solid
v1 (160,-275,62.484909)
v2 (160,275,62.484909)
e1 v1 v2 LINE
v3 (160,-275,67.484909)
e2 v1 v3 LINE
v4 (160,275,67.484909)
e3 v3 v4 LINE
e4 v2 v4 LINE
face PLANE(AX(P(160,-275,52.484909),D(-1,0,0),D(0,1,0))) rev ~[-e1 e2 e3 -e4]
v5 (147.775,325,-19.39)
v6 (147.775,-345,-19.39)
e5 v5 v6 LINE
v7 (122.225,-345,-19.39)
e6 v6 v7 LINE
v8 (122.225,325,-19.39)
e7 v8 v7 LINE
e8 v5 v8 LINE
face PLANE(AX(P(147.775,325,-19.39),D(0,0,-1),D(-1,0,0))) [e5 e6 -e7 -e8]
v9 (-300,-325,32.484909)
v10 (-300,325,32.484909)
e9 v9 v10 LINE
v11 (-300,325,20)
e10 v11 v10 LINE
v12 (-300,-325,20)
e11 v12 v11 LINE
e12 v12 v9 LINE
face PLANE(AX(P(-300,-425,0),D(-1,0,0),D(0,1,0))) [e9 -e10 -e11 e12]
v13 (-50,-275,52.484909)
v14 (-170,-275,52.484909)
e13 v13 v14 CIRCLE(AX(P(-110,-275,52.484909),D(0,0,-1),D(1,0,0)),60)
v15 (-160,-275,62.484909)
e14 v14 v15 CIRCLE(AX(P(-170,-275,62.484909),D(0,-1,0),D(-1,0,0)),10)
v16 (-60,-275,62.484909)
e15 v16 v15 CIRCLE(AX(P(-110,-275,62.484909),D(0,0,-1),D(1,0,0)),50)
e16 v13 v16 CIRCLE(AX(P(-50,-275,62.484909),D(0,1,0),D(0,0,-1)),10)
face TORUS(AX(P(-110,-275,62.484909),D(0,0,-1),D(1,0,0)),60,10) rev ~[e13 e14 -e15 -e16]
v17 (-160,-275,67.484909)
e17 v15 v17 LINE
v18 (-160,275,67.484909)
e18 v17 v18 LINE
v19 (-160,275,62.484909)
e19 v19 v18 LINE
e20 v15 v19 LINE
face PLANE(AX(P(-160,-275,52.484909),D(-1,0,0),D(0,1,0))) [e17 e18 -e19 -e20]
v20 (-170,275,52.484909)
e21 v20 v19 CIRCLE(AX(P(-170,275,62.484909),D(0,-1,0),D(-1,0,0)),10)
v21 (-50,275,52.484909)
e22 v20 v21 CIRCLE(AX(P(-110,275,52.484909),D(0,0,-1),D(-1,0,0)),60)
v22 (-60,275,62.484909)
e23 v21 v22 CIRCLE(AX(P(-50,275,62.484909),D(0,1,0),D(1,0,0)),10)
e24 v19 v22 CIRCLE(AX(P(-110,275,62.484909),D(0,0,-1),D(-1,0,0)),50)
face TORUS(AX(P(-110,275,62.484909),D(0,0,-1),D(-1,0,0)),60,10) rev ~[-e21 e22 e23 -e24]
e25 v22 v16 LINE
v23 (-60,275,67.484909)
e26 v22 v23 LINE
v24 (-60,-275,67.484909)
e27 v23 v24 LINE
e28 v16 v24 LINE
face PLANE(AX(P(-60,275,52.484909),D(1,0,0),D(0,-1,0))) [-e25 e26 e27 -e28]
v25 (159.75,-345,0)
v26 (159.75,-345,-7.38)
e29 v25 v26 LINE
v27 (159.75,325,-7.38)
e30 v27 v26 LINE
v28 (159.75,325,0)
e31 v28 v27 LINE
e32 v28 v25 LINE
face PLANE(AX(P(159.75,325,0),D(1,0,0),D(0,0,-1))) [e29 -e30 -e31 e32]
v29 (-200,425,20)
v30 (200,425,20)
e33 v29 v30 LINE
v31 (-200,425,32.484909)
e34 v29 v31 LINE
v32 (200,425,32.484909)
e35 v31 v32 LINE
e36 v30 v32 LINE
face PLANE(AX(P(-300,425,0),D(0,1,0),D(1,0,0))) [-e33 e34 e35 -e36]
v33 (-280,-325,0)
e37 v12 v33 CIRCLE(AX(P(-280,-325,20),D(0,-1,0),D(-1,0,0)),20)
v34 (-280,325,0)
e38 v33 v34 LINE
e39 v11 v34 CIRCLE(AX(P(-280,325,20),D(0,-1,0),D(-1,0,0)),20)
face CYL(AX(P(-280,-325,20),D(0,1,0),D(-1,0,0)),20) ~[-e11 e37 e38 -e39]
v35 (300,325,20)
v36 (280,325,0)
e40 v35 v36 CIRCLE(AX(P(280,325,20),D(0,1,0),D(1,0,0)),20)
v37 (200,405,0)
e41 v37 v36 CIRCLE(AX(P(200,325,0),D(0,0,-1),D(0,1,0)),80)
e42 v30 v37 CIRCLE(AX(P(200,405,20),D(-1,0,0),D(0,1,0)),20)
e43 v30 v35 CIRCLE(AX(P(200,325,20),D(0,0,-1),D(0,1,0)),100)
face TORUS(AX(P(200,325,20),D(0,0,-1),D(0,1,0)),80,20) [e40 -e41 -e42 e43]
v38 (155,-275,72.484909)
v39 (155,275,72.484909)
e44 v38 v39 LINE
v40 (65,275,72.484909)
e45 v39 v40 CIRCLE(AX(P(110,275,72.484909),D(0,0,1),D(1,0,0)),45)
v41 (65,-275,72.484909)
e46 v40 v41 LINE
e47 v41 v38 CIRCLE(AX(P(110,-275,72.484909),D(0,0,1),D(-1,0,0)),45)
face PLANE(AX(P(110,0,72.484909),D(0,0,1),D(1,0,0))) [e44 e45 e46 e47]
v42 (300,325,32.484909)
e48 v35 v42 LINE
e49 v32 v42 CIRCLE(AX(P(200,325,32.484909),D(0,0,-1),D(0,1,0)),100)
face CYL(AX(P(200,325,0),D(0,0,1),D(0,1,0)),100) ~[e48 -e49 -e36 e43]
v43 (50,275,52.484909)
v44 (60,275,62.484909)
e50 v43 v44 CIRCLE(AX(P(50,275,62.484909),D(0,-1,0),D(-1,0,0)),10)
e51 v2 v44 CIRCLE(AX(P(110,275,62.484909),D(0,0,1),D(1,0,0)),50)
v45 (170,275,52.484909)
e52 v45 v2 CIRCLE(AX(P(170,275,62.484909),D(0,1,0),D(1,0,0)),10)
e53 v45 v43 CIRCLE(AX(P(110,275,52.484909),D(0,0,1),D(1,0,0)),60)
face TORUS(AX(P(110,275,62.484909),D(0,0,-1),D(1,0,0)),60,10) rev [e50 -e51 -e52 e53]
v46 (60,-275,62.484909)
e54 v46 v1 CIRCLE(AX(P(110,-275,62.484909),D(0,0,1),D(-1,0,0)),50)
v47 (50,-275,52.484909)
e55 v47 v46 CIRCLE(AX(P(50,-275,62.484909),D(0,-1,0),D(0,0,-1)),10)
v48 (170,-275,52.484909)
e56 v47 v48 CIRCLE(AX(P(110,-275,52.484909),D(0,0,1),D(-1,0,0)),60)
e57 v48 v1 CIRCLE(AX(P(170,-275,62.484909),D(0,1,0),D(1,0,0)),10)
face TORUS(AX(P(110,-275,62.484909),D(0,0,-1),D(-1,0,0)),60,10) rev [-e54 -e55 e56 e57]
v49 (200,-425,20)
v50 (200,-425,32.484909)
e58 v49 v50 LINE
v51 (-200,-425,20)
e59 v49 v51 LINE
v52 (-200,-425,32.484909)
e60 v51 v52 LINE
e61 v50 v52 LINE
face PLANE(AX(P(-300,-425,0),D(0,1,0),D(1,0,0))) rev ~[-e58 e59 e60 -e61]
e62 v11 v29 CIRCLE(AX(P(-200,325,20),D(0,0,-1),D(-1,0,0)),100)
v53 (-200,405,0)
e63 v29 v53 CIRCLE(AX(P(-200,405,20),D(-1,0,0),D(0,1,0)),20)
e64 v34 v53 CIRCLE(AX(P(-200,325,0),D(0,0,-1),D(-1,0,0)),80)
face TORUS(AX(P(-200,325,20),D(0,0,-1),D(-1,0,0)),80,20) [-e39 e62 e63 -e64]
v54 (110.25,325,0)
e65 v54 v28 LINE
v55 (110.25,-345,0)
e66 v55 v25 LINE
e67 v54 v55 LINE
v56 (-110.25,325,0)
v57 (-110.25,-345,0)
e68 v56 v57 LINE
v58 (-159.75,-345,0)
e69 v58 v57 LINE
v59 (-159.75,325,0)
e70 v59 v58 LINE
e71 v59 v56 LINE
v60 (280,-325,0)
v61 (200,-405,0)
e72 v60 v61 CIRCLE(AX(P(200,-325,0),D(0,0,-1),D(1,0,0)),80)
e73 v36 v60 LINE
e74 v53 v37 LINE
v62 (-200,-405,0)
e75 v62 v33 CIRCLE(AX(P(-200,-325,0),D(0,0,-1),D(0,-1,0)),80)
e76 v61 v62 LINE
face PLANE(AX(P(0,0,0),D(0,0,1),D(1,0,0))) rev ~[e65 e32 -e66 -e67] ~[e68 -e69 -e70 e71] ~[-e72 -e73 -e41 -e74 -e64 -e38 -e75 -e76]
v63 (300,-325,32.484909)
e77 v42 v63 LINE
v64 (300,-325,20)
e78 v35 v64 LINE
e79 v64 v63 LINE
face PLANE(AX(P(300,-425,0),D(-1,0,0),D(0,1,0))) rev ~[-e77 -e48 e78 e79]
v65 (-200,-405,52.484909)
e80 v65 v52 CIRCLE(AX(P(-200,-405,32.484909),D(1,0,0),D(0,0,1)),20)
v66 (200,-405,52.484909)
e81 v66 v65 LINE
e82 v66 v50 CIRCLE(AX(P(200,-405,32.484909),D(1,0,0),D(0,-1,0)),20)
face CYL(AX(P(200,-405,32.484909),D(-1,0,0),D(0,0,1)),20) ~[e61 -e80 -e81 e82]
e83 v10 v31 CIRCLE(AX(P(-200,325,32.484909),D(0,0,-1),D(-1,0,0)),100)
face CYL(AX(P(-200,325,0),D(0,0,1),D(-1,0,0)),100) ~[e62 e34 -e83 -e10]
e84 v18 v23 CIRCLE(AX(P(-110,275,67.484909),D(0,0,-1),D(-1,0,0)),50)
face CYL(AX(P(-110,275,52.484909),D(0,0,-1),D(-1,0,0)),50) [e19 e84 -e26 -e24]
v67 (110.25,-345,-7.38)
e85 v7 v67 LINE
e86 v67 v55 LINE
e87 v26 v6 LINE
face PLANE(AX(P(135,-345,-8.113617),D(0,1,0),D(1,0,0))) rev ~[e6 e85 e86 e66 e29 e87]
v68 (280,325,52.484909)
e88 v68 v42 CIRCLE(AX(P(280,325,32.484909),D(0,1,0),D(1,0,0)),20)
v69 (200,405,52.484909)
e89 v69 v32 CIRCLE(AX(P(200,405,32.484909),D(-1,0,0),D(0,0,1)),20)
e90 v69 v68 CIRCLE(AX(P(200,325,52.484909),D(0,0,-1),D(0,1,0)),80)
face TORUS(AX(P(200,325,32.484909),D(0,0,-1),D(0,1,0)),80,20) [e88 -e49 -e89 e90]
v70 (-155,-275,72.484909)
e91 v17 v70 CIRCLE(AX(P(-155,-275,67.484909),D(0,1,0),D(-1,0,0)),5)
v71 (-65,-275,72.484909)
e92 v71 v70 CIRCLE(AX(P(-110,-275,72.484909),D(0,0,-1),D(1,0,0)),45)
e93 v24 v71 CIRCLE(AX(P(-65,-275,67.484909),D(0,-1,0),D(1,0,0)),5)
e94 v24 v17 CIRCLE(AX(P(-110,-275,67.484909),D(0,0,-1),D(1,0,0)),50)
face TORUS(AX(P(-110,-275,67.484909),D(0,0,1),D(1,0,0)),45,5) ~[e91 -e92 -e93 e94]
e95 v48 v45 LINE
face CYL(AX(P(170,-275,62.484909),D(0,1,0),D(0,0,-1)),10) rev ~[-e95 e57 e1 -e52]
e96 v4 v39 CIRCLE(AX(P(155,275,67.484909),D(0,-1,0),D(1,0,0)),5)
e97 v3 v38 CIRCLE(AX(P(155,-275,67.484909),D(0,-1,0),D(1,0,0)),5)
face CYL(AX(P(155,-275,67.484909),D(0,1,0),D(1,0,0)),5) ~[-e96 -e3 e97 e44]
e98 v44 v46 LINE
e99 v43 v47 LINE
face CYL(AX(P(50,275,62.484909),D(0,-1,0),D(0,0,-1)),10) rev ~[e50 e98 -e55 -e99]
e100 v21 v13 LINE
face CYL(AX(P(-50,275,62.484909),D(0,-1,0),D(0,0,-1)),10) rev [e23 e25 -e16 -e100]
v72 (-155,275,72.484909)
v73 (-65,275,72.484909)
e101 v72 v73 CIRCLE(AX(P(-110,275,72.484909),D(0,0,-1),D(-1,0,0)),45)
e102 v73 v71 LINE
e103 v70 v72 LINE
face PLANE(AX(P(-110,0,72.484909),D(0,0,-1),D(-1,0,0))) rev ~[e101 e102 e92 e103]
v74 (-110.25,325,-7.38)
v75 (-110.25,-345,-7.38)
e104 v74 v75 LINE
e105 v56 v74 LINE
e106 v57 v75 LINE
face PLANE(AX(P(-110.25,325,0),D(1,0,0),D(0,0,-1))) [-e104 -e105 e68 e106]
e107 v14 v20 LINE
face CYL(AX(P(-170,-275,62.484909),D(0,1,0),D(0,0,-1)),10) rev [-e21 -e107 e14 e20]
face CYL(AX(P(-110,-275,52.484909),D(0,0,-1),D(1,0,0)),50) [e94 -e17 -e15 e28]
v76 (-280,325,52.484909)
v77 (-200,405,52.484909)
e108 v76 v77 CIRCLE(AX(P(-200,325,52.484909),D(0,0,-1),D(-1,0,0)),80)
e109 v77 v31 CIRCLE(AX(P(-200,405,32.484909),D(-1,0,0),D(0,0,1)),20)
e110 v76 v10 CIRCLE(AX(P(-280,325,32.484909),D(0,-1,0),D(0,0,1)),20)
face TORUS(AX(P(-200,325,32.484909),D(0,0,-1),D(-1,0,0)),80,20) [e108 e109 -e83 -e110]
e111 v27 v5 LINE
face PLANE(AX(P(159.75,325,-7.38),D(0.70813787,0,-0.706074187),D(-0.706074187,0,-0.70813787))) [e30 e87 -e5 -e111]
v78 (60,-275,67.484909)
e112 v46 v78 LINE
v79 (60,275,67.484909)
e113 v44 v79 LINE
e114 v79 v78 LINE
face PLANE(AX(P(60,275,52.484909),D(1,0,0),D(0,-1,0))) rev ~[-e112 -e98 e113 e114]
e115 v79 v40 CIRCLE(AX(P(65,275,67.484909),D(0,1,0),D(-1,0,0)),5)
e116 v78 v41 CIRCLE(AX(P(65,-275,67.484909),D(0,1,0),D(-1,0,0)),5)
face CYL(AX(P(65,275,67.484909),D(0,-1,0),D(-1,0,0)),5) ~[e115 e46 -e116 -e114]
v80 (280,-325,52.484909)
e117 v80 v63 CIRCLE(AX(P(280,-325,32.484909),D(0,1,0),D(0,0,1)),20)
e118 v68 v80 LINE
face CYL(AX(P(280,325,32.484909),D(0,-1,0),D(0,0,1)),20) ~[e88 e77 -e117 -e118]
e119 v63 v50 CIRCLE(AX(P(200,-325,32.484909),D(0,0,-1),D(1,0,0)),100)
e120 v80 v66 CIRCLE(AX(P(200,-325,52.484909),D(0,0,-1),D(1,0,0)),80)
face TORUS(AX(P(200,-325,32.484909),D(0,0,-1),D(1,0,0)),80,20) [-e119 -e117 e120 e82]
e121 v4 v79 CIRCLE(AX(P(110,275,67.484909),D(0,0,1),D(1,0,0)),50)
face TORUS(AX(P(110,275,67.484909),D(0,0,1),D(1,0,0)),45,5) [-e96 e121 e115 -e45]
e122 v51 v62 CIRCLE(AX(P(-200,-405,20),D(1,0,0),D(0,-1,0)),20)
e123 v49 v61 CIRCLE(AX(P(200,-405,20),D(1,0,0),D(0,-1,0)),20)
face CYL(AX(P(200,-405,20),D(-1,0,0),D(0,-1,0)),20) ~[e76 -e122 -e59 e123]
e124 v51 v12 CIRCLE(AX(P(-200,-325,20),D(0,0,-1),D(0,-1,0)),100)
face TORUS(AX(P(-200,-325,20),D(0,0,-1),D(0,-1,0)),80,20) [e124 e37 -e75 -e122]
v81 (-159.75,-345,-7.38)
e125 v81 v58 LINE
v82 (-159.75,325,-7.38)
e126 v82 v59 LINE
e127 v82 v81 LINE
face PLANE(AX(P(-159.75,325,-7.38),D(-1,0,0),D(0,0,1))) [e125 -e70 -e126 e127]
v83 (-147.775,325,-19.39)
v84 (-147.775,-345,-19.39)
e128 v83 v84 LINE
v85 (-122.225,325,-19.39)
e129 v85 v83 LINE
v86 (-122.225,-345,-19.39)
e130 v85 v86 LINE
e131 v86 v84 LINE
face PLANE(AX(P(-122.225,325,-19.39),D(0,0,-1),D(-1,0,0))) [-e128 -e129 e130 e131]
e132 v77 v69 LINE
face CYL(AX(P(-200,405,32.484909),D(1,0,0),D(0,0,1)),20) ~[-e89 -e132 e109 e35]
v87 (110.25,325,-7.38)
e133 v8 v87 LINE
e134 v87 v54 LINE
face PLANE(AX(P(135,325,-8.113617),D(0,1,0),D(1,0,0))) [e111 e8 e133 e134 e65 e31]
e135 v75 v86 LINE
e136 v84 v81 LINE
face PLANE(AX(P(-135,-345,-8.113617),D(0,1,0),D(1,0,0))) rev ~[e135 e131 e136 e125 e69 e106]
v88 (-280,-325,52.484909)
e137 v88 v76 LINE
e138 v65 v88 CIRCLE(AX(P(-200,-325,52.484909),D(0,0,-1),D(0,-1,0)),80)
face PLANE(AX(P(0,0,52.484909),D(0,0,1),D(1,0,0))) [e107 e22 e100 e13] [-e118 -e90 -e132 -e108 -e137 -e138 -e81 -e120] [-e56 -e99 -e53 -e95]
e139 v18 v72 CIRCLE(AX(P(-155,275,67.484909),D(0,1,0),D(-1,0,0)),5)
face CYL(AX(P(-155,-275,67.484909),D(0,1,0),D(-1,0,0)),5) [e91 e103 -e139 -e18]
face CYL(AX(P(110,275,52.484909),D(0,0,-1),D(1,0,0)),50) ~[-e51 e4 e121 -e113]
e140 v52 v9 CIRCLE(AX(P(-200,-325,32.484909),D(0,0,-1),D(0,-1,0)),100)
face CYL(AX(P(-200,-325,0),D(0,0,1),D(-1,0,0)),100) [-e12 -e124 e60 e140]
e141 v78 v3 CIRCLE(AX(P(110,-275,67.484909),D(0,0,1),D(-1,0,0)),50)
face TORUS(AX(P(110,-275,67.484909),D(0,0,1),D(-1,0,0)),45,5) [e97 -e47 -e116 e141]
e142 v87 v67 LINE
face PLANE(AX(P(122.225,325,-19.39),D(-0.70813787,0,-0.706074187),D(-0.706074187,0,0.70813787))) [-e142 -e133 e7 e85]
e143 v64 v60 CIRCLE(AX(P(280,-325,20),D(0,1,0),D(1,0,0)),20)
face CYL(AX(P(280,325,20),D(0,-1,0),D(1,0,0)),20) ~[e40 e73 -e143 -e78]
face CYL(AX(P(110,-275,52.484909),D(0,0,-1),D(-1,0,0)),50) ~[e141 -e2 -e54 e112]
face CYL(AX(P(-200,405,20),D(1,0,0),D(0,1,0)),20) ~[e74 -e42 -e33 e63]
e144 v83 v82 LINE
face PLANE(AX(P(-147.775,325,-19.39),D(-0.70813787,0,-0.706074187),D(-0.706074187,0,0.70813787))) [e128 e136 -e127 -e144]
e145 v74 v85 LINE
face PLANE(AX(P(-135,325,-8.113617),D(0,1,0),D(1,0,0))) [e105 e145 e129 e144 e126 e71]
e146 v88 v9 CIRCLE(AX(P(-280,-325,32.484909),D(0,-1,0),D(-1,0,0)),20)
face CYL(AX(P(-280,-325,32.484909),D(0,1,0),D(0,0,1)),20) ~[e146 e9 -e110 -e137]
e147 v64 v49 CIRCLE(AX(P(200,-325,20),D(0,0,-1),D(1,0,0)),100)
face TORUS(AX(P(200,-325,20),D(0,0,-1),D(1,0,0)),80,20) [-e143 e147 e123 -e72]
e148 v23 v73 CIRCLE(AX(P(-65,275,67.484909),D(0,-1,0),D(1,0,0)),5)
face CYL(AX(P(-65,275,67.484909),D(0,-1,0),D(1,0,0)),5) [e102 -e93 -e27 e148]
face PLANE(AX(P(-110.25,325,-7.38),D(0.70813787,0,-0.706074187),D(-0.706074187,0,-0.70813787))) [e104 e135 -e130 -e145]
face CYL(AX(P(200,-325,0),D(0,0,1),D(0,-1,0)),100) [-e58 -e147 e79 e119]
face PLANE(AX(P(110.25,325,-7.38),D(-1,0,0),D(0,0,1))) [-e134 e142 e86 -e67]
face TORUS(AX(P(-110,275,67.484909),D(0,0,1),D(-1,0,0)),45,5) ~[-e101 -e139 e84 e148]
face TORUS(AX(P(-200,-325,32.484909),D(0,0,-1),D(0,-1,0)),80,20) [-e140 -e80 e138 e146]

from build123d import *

# Parameters (mm, degrees)
SKETCH_1_W      = 600
SKETCH_1_H      = 850
EXTRUDE_1_DEPTH = 52.484908593
EXTRUDE_2_DEPTH = 20
FILLET_1_R      = 100
FILLET_2_R      = 10
FILLET_3_R      = 5
FILLET_4_R      = 20
EXTRUDE_START   = -100
EXTRUDE_3_DEPTH = 670


with BuildPart() as part:
    # 草图1 → 凸台-拉伸1 (new body)
    with BuildSketch(Plane.XY):
        Rectangle(SKETCH_1_W, SKETCH_1_H)
    extrude(amount=EXTRUDE_1_DEPTH)

    # 草图2 → 凸台-拉伸2 (add)
    with BuildSketch(Plane.XY.offset(52.484908593)):
        with BuildLine():
            Line((-60, 275), (-60, -275))
            ThreePointArc((-60, -275), (-110, -325), (-160, -275))
            Line((-160, -275), (-160, 275))
            ThreePointArc((-160, 275), (-110, 325), (-60, 275))
        make_face()
        with BuildLine():
            Line((60, 275), (60, -275))
            ThreePointArc((60, -275), (110, -325), (160, -275))
            Line((160, -275), (160, 275))
            ThreePointArc((160, 275), (110, 325), (60, 275))
        make_face()
    extrude(amount=EXTRUDE_2_DEPTH)

    # 圆角1
    fillet_1_edges = [part.edges().sort_by_distance(p)[0] for p in [
        (300, -425, 26.242454296),
        (-300, -425, 26.242454296),
        (-300, 425, 26.242454296),
        (300, 425, 26.242454296),
    ]]
    fillet(fillet_1_edges, radius=FILLET_1_R)

    # 圆角2
    fillet_2_edges = [part.edges().sort_by_distance(p)[0] for p in [
        (-110, 325, 52.484908593),
        (-160, 0, 52.484908593),
        (-110, -325, 52.484908593),
        (-60, 0, 52.484908593),
        (110, 325, 52.484908593),
        (60, 0, 52.484908593),
        (110, -325, 52.484908593),
        (160, 0, 52.484908593),
    ]]
    fillet(fillet_2_edges, radius=FILLET_2_R)

    # 圆角3
    fillet_3_edges = [part.edges().sort_by_distance(p)[0] for p in [
        (-110, 325, 72.484908593),
        (-160, 0, 72.484908593),
        (-110, -325, 72.484908593),
        (-60, 0, 72.484908593),
        (110, 325, 72.484908593),
        (60, 0, 72.484908593),
        (110, -325, 72.484908593),
        (160, 0, 72.484908593),
    ]]
    fillet(fillet_3_edges, radius=FILLET_3_R)

    # 圆角4
    fillet_4_edges = [part.edges().sort_by_distance(p)[0] for p in [
        (0, 425, 0),
        (0, 425, 52.484908593),
        (300, 0, 0),
        (0, -425, 0),
        (-300, 0, 0),
        (-270.710678119, -395.710678119, 0),
        (270.710678119, -395.710678119, 0),
        (-270.710678119, 395.710678119, 0),
        (270.710678119, 395.710678119, 0),
        (300, 0, 52.484908593),
        (-300, 0, 52.484908593),
        (0, -425, 52.484908593),
        (-270.710678119, -395.710678119, 52.484908593),
        (270.710678119, -395.710678119, 52.484908593),
        (-270.710678119, 395.710678119, 52.484908593),
        (270.710678119, 395.710678119, 52.484908593),
    ]]
    fillet(fillet_4_edges, radius=FILLET_4_R)

    # 草图3 → 凸台-拉伸3 (add)
    with BuildSketch(Plane(origin=(0, 425, 0), x_dir=(1, 0, 0), z_dir=(0, 1, 0)).offset(EXTRUDE_START)):
        Polygon((-159.75, 0), (-110.25, 0), (-110.25, 7.38), (-122.225, 19.39), (-147.775, 19.39), (-159.75, 7.38), align=None)
        Polygon((159.75, 0), (159.75, 7.38), (147.775, 19.39), (122.225, 19.39), (110.25, 7.38), (110.25, 0), align=None)
    extrude(amount=-EXTRUDE_3_DEPTH)


solid = part.part
